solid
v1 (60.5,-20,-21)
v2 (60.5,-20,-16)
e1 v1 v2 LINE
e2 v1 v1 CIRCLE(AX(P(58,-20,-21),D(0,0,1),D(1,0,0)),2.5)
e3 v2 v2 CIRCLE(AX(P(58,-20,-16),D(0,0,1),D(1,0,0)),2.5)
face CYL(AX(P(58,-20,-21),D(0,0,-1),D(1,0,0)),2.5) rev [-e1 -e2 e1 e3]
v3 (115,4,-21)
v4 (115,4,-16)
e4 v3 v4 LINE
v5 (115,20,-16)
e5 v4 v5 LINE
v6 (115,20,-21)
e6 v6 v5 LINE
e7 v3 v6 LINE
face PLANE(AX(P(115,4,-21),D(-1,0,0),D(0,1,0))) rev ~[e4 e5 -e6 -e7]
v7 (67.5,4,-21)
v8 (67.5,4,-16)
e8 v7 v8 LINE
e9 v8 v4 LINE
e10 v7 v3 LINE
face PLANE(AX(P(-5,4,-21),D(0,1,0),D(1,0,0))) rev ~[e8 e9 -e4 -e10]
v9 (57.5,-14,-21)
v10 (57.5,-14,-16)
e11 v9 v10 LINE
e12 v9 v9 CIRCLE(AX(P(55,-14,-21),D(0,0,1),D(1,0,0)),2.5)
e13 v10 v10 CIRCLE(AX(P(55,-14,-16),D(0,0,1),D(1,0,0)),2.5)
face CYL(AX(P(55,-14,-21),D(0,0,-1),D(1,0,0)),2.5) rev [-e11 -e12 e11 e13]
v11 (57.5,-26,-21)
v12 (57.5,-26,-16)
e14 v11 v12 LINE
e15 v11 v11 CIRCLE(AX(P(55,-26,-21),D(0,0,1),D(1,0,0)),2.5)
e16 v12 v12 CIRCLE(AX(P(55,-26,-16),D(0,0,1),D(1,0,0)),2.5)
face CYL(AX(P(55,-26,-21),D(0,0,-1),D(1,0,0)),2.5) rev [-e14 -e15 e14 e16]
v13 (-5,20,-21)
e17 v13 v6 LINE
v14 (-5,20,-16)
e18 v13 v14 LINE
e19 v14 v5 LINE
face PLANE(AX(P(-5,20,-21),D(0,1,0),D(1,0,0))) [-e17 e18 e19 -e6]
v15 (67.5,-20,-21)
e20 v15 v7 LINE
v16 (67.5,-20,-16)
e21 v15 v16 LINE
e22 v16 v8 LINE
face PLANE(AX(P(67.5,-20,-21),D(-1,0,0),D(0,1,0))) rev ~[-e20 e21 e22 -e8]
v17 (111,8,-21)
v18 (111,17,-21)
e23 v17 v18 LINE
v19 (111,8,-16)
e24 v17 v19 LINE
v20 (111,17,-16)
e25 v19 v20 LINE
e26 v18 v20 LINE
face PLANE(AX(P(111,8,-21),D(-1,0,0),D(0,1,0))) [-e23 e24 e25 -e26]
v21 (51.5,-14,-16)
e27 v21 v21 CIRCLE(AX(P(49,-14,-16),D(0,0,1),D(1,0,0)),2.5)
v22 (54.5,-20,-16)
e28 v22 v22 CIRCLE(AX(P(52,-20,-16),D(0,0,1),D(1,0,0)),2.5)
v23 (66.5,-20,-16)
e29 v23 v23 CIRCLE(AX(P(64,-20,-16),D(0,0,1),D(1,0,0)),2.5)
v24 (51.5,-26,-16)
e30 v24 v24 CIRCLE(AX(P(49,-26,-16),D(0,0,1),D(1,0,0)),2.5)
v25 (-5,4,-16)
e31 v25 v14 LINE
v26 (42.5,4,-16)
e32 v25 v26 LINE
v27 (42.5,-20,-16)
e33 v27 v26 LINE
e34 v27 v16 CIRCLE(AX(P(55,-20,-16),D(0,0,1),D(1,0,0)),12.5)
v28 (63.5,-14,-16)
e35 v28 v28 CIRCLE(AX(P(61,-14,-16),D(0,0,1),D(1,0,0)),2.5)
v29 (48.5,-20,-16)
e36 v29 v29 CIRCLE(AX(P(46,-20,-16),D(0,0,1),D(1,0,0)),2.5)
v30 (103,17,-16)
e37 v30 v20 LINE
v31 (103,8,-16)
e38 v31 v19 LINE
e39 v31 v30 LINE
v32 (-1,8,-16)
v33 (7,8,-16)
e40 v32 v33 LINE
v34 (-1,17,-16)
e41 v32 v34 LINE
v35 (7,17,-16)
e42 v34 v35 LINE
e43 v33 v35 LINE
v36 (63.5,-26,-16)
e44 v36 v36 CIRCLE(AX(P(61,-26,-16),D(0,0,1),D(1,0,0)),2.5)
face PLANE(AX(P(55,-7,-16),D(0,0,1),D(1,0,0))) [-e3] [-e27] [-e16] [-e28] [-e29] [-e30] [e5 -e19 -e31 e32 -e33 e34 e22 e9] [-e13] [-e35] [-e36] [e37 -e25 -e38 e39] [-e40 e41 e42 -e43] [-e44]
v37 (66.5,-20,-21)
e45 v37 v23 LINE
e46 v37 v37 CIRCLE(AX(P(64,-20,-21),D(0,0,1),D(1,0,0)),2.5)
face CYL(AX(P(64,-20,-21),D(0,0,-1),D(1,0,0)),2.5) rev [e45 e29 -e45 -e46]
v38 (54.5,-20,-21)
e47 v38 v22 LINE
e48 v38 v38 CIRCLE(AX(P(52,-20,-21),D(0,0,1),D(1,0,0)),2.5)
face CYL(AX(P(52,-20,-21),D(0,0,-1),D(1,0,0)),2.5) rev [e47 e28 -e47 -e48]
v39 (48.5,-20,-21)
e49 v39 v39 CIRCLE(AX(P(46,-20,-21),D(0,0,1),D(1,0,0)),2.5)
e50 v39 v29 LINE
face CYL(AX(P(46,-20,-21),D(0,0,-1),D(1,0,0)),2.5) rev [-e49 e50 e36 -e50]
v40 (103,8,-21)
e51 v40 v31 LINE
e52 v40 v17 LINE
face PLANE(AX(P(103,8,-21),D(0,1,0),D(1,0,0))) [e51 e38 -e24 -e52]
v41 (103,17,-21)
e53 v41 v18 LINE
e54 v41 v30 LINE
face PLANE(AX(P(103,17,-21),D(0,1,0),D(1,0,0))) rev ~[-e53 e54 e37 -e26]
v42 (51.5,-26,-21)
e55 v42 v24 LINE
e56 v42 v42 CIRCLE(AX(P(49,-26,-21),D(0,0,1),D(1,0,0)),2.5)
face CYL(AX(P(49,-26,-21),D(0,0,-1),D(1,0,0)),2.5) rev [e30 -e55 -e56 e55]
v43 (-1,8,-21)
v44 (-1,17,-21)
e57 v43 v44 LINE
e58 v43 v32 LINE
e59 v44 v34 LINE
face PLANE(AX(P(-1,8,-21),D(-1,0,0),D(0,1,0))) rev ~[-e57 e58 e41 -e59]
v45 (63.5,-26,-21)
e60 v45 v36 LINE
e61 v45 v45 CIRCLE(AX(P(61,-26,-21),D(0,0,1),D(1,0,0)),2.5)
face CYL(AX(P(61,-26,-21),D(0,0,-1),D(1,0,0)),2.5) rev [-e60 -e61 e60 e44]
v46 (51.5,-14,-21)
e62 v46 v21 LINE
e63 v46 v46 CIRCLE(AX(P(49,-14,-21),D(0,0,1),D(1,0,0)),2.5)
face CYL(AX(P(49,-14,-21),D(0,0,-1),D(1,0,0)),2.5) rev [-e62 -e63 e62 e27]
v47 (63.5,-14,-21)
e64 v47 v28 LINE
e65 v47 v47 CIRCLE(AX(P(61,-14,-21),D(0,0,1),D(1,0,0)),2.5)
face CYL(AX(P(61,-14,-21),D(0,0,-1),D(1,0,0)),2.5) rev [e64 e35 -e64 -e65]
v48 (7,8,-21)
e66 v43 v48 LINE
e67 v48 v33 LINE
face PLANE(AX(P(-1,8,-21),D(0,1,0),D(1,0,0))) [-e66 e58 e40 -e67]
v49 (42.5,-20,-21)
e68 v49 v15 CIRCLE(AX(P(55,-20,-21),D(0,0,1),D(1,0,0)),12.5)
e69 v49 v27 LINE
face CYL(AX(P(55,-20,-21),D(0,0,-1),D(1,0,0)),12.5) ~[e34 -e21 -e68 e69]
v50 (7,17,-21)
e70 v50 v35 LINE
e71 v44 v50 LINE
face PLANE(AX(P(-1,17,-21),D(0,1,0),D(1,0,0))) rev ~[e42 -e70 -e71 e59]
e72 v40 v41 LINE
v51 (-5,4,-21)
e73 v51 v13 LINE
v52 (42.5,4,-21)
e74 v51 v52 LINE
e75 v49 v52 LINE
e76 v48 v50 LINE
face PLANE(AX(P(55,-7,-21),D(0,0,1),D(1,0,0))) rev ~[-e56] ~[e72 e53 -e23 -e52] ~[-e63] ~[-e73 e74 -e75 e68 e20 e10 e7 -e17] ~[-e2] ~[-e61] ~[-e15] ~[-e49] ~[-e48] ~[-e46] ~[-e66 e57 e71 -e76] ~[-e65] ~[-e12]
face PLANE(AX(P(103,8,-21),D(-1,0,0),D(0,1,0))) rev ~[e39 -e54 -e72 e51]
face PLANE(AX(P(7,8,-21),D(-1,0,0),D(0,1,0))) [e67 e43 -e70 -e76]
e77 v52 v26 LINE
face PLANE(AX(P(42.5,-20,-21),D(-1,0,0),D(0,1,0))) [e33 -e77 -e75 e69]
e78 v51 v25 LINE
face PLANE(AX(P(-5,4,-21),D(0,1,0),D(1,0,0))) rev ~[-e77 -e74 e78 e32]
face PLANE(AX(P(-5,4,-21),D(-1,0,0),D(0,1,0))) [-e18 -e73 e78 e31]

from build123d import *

# Parameters (mm, degrees)
BOX010_W          = 8
BOX010_H          = 9
BOX010_DEPTH      = 5
BOX011_W          = 8
BOX011_H          = 9
BOX011_DEPTH      = 5
CYLINDER012_R     = 2.5
CYLINDER012_DEPTH = 5
CYLINDER010_R     = 2.5
CYLINDER010_DEPTH = 5
CYLINDER009_R     = 2.5
CYLINDER009_DEPTH = 5
CYLINDER008_R     = 2.5
CYLINDER008_DEPTH = 5
CYLINDER005_R     = 2.5
CYLINDER005_DEPTH = 5
CYLINDER003_R     = 2.5
CYLINDER003_DEPTH = 5
CYLINDER004_R     = 2.5
CYLINDER004_DEPTH = 5
CYLINDER006_R     = 2.5
CYLINDER006_DEPTH = 5
CYLINDER007_R     = 2.5
CYLINDER007_DEPTH = 5
CYLINDER013_R     = 2.5
CYLINDER013_DEPTH = 5
BOX013_W          = 25
BOX013_H          = 26
BOX013_DEPTH      = 5
CYLINDER011_R     = 12.5
CYLINDER011_DEPTH = 5
BOX012_W          = 120
BOX012_H          = 16
BOX012_DEPTH      = 5


with BuildPart() as cube010:
    # Box010 → Box010 (new body)
    with BuildSketch(Plane(origin=(103, 8, 0), x_dir=(1, 0, 0), z_dir=(0, 0, 1))):
        with Locations((4, 4.5)):
            Rectangle(BOX010_W, BOX010_H)
    extrude(amount=BOX010_DEPTH)


with BuildPart() as cube011:
    # Box011 → Box011 (new body)
    with BuildSketch(Plane(origin=(-1, 8, 0), x_dir=(1, 0, 0), z_dir=(0, 0, 1))):
        with Locations((4, 4.5)):
            Rectangle(BOX011_W, BOX011_H)
    extrude(amount=BOX011_DEPTH)


with BuildPart() as zylinder012:
    # Cylinder012 → Cylinder012 (new body)
    with BuildSketch(Plane(origin=(6, -6, 0), x_dir=(1, 0, 0), z_dir=(0, 0, 1))):
        Circle(CYLINDER012_R)
    extrude(amount=CYLINDER012_DEPTH)


with BuildPart() as zylinder010:
    # Cylinder010 → Cylinder010 (new body)
    with BuildSketch(Plane(origin=(-6, -6, 0), x_dir=(1, 0, 0), z_dir=(0, 0, 1))):
        Circle(CYLINDER010_R)
    extrude(amount=CYLINDER010_DEPTH)


with BuildPart() as zylinder009:
    # Cylinder009 → Cylinder009 (new body)
    with BuildSketch(Plane(origin=(0, -6, 0), x_dir=(1, 0, 0), z_dir=(0, 0, 1))):
        Circle(CYLINDER009_R)
    extrude(amount=CYLINDER009_DEPTH)


with BuildPart() as zylinder008:
    # Cylinder008 → Cylinder008 (new body)
    with BuildSketch(Plane(origin=(0, 6, 0), x_dir=(1, 0, 0), z_dir=(0, 0, 1))):
        Circle(CYLINDER008_R)
    extrude(amount=CYLINDER008_DEPTH)


with BuildPart() as zylinder005:
    # Cylinder005 → Cylinder005 (new body)
    with BuildSketch(Plane(origin=(-3, 0, 0), x_dir=(1, 0, 0), z_dir=(0, 0, 1))):
        Circle(CYLINDER005_R)
    extrude(amount=CYLINDER005_DEPTH)


with BuildPart() as zylinder003:
    # Cylinder003 → Cylinder003 (new body)
    with BuildSketch(Plane(origin=(3, 0, 0), x_dir=(1, 0, 0), z_dir=(0, 0, 1))):
        Circle(CYLINDER003_R)
    extrude(amount=CYLINDER003_DEPTH)


with BuildPart() as zylinder004:
    # Cylinder004 → Cylinder004 (new body)
    with BuildSketch(Plane(origin=(9, 0, 0), x_dir=(1, 0, 0), z_dir=(0, 0, 1))):
        Circle(CYLINDER004_R)
    extrude(amount=CYLINDER004_DEPTH)


with BuildPart() as zylinder006:
    # Cylinder006 → Cylinder006 (new body)
    with BuildSketch(Plane(origin=(-9, 0, 0), x_dir=(1, 0, 0), z_dir=(0, 0, 1))):
        Circle(CYLINDER006_R)
    extrude(amount=CYLINDER006_DEPTH)


with BuildPart() as zylinder007:
    # Cylinder007 → Cylinder007 (new body)
    with BuildSketch(Plane(origin=(-6, 6, 0), x_dir=(1, 0, 0), z_dir=(0, 0, 1))):
        Circle(CYLINDER007_R)
    extrude(amount=CYLINDER007_DEPTH)


with BuildPart() as fusion007:
    # Cylinder013 → Cylinder013 (new body)
    with BuildSketch(Plane(origin=(6, 6, 0), x_dir=(1, 0, 0), z_dir=(0, 0, 1))):
        Circle(CYLINDER013_R)
    extrude(amount=CYLINDER013_DEPTH)

    # Fusion005: union Zylinder012, Zylinder010, Zylinder009, Zylinder008, Zylinder005, Zylinder003, Zylinder004, Zylinder006, Zylinder007
    add(zylinder012.part)
    add(zylinder010.part)
    add(zylinder009.part)
    add(zylinder008.part)
    add(zylinder005.part)
    add(zylinder003.part)
    add(zylinder004.part)
    add(zylinder006.part)
    add(zylinder007.part)


with BuildPart() as fusion007_1:
    # Fusion005 placement: moved
    add(fusion007.part.moved(Location((55, -20, 0))))

    # Fusion007: union Cube010, Cube011
    add(cube010.part)
    add(cube011.part)


with BuildPart() as cube013:
    # Box013 → Box013 (new body)
    with BuildSketch(Plane(origin=(42.5, -20, 0), x_dir=(1, 0, 0), z_dir=(0, 0, 1))):
        with Locations((12.5, 13)):
            Rectangle(BOX013_W, BOX013_H)
    extrude(amount=BOX013_DEPTH)


with BuildPart() as zylinder011:
    # Cylinder011 → Cylinder011 (new body)
    with BuildSketch(Plane(origin=(55, -20, 0), x_dir=(1, 0, 0), z_dir=(0, 0, 1))):
        Circle(CYLINDER011_R)
    extrude(amount=CYLINDER011_DEPTH)


with BuildPart() as schlauchhalterung:
    # Box012 → Box012 (new body)
    with BuildSketch(Plane(origin=(-5, 4, 0), x_dir=(1, 0, 0), z_dir=(0, 0, 1))):
        with Locations((60, 8)):
            Rectangle(BOX012_W, BOX012_H)
    extrude(amount=BOX012_DEPTH)

    # Fusion006: union Cube013, Zylinder011
    add(cube013.part)
    add(zylinder011.part)

    # Cut003: cut Fusion007
    add(fusion007_1.part, mode=Mode.SUBTRACT)


with BuildPart() as schlauchhalterung_1:
    # Cut003 placement: moved
    add(schlauchhalterung.part.moved(Location((0, 0, -21))))


solid = schlauchhalterung_1.part
